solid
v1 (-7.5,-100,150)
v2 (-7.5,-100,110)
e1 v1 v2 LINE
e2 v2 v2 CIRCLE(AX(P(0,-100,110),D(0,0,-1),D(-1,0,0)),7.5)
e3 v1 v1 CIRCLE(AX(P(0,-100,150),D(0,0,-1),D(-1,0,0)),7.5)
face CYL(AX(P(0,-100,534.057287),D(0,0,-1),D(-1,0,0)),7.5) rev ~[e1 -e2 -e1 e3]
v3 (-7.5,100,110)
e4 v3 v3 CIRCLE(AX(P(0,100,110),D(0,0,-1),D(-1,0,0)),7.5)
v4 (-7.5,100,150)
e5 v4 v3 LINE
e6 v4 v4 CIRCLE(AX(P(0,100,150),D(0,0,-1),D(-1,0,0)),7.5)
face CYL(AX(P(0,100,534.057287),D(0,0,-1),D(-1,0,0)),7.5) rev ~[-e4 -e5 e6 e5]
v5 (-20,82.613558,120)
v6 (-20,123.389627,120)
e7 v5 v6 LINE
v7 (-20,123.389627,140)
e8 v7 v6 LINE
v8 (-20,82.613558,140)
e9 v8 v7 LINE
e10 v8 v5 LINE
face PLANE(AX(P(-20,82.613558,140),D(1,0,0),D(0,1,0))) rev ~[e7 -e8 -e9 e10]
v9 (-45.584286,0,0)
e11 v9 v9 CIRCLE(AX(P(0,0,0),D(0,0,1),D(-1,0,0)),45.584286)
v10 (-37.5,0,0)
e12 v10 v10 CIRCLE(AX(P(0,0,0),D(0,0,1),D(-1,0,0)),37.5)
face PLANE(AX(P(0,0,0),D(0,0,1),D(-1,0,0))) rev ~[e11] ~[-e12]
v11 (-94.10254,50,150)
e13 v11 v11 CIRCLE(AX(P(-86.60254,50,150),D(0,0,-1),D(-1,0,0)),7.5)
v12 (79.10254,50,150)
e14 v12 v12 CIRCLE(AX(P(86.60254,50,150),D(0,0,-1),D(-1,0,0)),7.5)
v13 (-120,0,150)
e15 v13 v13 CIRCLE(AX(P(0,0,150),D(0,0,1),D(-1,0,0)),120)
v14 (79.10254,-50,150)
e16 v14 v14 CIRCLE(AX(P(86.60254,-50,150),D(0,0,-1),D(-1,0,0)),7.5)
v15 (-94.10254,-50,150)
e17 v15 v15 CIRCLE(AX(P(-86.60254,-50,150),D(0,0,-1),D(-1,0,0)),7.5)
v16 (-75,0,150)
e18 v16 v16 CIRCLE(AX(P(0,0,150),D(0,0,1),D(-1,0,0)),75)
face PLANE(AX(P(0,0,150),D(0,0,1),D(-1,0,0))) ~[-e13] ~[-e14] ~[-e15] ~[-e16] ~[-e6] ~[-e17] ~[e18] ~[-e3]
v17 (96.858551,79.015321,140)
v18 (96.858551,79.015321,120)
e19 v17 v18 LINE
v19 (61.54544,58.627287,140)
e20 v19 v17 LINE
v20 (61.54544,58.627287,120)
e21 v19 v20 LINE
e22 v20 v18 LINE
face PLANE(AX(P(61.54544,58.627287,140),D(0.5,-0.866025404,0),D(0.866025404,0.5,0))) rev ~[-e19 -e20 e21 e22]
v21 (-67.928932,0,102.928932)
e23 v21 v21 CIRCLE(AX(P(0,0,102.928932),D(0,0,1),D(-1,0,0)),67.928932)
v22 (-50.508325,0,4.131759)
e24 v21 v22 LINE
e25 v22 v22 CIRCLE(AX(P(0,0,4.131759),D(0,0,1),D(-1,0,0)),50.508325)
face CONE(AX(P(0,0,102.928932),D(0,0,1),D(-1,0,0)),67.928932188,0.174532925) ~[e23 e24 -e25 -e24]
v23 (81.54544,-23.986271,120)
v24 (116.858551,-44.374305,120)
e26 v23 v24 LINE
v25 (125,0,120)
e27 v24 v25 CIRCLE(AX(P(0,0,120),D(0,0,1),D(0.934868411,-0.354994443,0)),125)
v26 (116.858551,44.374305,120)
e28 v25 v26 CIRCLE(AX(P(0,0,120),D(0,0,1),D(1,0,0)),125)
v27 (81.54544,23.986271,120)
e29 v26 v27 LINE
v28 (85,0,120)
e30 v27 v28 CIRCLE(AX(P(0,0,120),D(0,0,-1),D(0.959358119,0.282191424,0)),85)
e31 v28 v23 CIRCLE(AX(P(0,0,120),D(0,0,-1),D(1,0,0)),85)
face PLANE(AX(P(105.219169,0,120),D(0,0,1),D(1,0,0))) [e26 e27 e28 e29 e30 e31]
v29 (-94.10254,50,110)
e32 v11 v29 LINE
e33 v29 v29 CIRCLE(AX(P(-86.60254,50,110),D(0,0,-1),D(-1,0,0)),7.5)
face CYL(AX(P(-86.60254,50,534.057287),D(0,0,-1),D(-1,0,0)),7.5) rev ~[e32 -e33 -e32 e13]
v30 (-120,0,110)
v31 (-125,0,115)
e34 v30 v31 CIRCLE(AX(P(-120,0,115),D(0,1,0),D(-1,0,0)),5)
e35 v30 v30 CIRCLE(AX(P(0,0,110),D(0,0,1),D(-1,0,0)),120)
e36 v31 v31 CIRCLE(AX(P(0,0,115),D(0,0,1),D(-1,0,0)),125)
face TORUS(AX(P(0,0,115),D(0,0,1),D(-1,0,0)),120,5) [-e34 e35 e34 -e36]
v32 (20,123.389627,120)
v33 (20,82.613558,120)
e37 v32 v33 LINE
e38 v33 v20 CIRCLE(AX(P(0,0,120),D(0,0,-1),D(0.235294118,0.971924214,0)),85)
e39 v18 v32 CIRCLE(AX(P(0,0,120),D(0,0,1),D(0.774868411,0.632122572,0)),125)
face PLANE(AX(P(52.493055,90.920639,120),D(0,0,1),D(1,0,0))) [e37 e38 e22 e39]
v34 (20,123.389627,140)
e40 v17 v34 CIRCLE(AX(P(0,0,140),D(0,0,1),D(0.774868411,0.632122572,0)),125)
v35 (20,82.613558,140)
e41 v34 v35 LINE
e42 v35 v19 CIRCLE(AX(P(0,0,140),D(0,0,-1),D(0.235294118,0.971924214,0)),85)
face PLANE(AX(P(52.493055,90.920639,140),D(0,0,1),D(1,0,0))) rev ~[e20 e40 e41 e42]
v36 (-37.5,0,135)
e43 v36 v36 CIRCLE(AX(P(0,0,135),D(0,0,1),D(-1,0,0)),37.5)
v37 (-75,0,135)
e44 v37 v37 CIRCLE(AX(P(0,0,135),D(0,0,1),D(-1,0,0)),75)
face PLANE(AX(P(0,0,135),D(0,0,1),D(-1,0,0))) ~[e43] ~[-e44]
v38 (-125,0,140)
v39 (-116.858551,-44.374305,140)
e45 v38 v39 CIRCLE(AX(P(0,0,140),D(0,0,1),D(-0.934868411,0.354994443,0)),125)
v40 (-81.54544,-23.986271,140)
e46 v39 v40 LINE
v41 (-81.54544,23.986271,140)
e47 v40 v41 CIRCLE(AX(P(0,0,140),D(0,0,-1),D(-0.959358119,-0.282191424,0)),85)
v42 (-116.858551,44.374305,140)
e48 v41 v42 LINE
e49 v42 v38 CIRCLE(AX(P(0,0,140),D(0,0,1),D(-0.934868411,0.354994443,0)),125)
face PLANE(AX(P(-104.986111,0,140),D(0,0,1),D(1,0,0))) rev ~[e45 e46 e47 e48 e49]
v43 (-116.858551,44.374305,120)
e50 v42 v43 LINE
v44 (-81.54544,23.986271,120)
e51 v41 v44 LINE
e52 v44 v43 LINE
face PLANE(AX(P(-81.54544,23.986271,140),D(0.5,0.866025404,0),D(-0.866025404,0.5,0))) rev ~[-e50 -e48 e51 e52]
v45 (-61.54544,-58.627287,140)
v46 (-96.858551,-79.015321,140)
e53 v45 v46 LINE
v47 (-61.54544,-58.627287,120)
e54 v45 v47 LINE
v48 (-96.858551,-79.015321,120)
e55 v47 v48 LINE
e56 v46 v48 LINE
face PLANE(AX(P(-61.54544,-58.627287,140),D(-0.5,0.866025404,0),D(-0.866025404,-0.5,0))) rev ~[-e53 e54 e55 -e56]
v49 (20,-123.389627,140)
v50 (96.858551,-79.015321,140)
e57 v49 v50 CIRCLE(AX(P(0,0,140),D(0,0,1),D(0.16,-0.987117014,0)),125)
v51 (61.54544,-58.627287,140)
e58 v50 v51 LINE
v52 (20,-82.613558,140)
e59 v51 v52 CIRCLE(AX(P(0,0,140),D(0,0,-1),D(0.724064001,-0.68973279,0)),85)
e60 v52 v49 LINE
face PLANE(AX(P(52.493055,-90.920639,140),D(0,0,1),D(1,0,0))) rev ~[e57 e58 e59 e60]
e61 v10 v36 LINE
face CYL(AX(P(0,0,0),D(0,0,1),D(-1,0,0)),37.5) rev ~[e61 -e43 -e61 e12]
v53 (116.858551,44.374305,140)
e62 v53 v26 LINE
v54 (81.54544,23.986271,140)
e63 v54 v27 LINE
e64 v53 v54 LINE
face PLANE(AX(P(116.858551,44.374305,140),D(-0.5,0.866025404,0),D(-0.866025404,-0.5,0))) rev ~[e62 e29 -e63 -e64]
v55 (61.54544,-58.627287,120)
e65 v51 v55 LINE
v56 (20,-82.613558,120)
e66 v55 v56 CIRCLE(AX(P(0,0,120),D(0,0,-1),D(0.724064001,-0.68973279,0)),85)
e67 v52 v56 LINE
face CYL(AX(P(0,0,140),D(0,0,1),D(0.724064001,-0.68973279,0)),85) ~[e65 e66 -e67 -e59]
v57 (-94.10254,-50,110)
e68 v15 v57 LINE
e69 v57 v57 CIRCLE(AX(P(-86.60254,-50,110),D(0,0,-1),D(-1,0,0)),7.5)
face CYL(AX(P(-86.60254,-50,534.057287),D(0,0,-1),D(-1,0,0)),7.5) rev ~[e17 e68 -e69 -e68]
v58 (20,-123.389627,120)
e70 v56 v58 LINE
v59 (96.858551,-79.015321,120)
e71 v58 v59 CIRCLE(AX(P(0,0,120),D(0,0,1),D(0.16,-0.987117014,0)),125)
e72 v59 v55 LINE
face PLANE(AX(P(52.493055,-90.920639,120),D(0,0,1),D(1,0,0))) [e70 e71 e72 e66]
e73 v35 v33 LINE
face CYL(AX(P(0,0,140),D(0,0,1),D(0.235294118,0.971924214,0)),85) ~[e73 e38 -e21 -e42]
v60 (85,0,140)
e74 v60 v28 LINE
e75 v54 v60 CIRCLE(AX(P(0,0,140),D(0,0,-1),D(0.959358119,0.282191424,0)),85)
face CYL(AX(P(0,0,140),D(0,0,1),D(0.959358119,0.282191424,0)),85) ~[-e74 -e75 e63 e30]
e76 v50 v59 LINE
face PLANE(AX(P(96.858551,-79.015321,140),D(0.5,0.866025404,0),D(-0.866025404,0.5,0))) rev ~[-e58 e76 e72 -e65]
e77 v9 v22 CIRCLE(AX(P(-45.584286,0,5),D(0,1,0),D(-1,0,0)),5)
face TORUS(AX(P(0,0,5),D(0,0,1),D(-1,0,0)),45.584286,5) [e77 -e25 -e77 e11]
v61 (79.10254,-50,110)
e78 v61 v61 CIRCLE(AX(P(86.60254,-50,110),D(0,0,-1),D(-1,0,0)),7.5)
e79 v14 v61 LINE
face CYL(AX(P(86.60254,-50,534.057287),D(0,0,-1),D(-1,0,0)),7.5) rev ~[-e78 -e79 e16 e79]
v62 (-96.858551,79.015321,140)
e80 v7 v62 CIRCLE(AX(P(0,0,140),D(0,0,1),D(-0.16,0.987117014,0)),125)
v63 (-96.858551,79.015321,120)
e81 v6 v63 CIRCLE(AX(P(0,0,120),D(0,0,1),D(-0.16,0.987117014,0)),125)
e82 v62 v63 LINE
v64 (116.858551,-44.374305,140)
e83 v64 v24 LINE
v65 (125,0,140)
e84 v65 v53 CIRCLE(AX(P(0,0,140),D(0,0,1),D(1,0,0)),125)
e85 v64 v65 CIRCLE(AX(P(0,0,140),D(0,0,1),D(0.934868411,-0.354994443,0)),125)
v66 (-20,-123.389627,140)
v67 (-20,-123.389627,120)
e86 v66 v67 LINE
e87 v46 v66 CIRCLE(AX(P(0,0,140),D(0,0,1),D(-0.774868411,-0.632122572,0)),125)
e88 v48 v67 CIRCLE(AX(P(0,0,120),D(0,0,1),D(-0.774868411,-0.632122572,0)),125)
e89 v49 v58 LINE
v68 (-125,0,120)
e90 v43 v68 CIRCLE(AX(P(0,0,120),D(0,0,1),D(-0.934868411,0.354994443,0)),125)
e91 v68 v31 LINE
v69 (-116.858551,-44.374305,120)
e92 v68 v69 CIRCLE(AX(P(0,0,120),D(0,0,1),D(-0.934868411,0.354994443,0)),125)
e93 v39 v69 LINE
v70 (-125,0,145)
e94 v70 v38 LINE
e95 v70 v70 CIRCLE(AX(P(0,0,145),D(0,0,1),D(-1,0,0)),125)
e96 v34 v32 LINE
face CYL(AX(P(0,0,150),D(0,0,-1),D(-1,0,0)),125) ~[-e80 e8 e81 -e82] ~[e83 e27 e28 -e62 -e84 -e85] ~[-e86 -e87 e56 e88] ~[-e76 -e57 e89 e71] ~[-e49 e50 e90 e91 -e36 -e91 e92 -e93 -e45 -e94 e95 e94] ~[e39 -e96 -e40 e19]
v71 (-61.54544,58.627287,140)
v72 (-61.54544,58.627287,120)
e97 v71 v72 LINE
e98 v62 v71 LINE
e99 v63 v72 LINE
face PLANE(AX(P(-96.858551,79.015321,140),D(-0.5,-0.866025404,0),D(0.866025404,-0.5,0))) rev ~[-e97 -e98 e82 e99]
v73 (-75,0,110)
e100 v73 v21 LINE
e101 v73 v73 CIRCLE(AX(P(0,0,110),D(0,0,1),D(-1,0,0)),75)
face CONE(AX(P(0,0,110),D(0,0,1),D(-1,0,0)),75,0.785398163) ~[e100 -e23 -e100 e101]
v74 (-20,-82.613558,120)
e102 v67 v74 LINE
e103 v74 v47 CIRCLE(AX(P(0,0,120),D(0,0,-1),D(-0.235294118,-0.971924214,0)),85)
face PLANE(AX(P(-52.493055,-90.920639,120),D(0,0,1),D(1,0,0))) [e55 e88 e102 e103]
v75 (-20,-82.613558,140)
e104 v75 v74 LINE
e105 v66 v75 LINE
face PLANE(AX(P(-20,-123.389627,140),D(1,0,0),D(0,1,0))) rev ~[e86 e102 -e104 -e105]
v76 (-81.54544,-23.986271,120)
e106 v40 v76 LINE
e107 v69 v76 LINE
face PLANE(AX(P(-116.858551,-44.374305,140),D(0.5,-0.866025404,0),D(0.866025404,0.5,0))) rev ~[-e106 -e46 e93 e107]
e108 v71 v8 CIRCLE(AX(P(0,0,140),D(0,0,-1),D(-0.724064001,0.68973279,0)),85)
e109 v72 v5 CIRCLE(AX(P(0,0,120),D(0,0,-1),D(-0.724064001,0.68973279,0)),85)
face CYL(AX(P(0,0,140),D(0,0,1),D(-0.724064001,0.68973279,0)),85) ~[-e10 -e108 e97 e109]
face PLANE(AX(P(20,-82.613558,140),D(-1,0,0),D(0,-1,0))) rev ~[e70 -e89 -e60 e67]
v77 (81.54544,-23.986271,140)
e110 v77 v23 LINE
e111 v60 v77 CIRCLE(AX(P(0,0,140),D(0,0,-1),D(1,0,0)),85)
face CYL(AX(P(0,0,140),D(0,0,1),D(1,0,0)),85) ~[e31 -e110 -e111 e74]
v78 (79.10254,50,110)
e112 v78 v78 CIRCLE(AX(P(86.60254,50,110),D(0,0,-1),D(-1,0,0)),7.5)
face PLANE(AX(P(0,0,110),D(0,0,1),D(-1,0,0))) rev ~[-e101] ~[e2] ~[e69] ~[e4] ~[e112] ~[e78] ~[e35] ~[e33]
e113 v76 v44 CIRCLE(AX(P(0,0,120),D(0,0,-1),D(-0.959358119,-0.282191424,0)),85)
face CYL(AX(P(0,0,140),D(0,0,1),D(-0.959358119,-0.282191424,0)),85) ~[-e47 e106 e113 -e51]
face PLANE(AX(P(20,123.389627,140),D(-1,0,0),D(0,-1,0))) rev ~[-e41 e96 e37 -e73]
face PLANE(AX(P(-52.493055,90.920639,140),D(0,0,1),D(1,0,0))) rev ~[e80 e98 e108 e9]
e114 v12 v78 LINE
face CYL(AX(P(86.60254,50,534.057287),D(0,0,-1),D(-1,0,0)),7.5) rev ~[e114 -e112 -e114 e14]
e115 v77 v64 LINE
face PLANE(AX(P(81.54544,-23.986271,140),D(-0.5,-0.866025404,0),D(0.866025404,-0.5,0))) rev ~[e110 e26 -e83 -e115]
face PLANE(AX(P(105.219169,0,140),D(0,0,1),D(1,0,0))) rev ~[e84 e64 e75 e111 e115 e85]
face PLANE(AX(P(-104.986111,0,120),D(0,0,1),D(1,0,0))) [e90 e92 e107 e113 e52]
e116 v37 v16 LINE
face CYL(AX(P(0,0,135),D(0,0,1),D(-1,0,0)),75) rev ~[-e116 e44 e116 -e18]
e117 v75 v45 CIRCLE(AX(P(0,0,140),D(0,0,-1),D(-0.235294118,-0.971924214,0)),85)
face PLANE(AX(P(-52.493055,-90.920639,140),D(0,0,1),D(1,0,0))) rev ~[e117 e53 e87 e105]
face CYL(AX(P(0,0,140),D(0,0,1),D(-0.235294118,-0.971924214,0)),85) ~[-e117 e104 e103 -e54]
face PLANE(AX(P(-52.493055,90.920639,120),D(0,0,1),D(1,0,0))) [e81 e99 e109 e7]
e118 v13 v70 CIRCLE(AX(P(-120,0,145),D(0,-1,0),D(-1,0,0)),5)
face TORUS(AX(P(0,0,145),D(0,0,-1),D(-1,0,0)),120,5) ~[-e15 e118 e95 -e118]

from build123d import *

# Parameters (mm, degrees)
F4_DEPTH = 20
F5_R     = 5
F7_D     = 15


with BuildPart() as f1:
    # F0 (on Front) → F1 (revolve)
    with BuildSketch(Plane.XZ):
        Polygon((-37.5, 0), (-37.5, 135), (-75, 135), (-75, 150), (-125, 150), (-125, 110), (-75, 110), (-67.9289321881, 102.9289321881), (-49.7797843479, 0), align=None)
    revolve(axis=Axis((0, 0, 75), (0, 0, 1)))

    # F3 (on offset) → F4 (cut)
    with BuildSketch(Plane.XY.offset(140)):
        with BuildLine():
            ThreePointArc((-61.5454401063, 58.6272871803), (-42.5, 73.6121593217), (-20, 82.6135582093))
            Line((-20, 82.6135582093), (-20, 123.3896267925))
            ThreePointArc((-20, 123.3896267925), (-62.5, 108.2531754731), (-96.8585513658, 79.015321472))
            Line((-96.8585513658, 79.015321472), (-61.5454401063, 58.6272871803))
        make_face()
        with BuildLine():
            ThreePointArc((20, 82.6135582093), (42.5, 73.6121593217), (61.5454401063, 58.6272871803))
            Line((61.5454401063, 58.6272871803), (96.8585513658, 79.015321472))
            ThreePointArc((96.8585513658, 79.015321472), (62.5, 108.2531754731), (20, 123.3896267925))
            Line((20, 123.3896267925), (20, 82.6135582093))
        make_face()
        with BuildLine():
            ThreePointArc((81.5454401063, 23.986271029), (84.1319273791, 12.1168806004), (85, 0))
            ThreePointArc((85, 0), (84.1319273791, -12.1168806004), (81.5454401063, -23.986271029))
            Line((81.5454401063, -23.986271029), (116.8585513658, -44.3743053206))
            ThreePointArc((116.8585513658, -44.3743053206), (122.9477916043, -22.5574940904), (125, 0))
            ThreePointArc((125, 0), (122.9477916043, 22.5574940904), (116.8585513658, 44.3743053206))
            Line((116.8585513658, 44.3743053206), (81.5454401063, 23.986271029))
        make_face()
        with BuildLine():
            Line((96.8585513658, -79.015321472), (61.5454401063, -58.6272871803))
            ThreePointArc((61.5454401063, -58.6272871803), (42.5, -73.6121593217), (20, -82.6135582093))
            Line((20, -82.6135582093), (20, -123.3896267925))
            ThreePointArc((20, -123.3896267925), (62.5, -108.2531754731), (96.8585513658, -79.015321472))
        make_face()
        with BuildLine():
            Line((-20, -123.3896267925), (-20, -82.6135582093))
            ThreePointArc((-20, -82.6135582093), (-42.5, -73.6121593217), (-61.5454401063, -58.6272871803))
            Line((-61.5454401063, -58.6272871803), (-96.8585513658, -79.015321472))
            ThreePointArc((-96.8585513658, -79.015321472), (-62.5, -108.2531754731), (-20, -123.3896267925))
        make_face()
        with BuildLine():
            ThreePointArc((-81.5454401063, -23.986271029), (-85, 0), (-81.5454401063, 23.986271029))
            Line((-81.5454401063, 23.986271029), (-116.8585513658, 44.3743053206))
            ThreePointArc((-116.8585513658, 44.3743053206), (-125, 0), (-116.8585513658, -44.3743053206))
            Line((-116.8585513658, -44.3743053206), (-81.5454401063, -23.986271029))
        make_face()
    extrude(amount=-F4_DEPTH, mode=Mode.SUBTRACT)

    # F5
    f5_edges = [f1.edges().sort_by_distance(p)[0] for p in [
        (125, 0, 150),
        (125, 0, 110),
        (49.779784, 0, 0),
    ]]
    fillet(f5_edges, radius=F5_R)

    # F7 (through all)
    with Locations(Plane.XY.offset(150)):
        with Locations((86.6025403784, 50), (86.6025403784, -50), (0, -100), (-86.6025403784, -50), (-86.6025403784, 50), (0, 100)):
            Hole(F7_D / 2)


solid = f1.part
